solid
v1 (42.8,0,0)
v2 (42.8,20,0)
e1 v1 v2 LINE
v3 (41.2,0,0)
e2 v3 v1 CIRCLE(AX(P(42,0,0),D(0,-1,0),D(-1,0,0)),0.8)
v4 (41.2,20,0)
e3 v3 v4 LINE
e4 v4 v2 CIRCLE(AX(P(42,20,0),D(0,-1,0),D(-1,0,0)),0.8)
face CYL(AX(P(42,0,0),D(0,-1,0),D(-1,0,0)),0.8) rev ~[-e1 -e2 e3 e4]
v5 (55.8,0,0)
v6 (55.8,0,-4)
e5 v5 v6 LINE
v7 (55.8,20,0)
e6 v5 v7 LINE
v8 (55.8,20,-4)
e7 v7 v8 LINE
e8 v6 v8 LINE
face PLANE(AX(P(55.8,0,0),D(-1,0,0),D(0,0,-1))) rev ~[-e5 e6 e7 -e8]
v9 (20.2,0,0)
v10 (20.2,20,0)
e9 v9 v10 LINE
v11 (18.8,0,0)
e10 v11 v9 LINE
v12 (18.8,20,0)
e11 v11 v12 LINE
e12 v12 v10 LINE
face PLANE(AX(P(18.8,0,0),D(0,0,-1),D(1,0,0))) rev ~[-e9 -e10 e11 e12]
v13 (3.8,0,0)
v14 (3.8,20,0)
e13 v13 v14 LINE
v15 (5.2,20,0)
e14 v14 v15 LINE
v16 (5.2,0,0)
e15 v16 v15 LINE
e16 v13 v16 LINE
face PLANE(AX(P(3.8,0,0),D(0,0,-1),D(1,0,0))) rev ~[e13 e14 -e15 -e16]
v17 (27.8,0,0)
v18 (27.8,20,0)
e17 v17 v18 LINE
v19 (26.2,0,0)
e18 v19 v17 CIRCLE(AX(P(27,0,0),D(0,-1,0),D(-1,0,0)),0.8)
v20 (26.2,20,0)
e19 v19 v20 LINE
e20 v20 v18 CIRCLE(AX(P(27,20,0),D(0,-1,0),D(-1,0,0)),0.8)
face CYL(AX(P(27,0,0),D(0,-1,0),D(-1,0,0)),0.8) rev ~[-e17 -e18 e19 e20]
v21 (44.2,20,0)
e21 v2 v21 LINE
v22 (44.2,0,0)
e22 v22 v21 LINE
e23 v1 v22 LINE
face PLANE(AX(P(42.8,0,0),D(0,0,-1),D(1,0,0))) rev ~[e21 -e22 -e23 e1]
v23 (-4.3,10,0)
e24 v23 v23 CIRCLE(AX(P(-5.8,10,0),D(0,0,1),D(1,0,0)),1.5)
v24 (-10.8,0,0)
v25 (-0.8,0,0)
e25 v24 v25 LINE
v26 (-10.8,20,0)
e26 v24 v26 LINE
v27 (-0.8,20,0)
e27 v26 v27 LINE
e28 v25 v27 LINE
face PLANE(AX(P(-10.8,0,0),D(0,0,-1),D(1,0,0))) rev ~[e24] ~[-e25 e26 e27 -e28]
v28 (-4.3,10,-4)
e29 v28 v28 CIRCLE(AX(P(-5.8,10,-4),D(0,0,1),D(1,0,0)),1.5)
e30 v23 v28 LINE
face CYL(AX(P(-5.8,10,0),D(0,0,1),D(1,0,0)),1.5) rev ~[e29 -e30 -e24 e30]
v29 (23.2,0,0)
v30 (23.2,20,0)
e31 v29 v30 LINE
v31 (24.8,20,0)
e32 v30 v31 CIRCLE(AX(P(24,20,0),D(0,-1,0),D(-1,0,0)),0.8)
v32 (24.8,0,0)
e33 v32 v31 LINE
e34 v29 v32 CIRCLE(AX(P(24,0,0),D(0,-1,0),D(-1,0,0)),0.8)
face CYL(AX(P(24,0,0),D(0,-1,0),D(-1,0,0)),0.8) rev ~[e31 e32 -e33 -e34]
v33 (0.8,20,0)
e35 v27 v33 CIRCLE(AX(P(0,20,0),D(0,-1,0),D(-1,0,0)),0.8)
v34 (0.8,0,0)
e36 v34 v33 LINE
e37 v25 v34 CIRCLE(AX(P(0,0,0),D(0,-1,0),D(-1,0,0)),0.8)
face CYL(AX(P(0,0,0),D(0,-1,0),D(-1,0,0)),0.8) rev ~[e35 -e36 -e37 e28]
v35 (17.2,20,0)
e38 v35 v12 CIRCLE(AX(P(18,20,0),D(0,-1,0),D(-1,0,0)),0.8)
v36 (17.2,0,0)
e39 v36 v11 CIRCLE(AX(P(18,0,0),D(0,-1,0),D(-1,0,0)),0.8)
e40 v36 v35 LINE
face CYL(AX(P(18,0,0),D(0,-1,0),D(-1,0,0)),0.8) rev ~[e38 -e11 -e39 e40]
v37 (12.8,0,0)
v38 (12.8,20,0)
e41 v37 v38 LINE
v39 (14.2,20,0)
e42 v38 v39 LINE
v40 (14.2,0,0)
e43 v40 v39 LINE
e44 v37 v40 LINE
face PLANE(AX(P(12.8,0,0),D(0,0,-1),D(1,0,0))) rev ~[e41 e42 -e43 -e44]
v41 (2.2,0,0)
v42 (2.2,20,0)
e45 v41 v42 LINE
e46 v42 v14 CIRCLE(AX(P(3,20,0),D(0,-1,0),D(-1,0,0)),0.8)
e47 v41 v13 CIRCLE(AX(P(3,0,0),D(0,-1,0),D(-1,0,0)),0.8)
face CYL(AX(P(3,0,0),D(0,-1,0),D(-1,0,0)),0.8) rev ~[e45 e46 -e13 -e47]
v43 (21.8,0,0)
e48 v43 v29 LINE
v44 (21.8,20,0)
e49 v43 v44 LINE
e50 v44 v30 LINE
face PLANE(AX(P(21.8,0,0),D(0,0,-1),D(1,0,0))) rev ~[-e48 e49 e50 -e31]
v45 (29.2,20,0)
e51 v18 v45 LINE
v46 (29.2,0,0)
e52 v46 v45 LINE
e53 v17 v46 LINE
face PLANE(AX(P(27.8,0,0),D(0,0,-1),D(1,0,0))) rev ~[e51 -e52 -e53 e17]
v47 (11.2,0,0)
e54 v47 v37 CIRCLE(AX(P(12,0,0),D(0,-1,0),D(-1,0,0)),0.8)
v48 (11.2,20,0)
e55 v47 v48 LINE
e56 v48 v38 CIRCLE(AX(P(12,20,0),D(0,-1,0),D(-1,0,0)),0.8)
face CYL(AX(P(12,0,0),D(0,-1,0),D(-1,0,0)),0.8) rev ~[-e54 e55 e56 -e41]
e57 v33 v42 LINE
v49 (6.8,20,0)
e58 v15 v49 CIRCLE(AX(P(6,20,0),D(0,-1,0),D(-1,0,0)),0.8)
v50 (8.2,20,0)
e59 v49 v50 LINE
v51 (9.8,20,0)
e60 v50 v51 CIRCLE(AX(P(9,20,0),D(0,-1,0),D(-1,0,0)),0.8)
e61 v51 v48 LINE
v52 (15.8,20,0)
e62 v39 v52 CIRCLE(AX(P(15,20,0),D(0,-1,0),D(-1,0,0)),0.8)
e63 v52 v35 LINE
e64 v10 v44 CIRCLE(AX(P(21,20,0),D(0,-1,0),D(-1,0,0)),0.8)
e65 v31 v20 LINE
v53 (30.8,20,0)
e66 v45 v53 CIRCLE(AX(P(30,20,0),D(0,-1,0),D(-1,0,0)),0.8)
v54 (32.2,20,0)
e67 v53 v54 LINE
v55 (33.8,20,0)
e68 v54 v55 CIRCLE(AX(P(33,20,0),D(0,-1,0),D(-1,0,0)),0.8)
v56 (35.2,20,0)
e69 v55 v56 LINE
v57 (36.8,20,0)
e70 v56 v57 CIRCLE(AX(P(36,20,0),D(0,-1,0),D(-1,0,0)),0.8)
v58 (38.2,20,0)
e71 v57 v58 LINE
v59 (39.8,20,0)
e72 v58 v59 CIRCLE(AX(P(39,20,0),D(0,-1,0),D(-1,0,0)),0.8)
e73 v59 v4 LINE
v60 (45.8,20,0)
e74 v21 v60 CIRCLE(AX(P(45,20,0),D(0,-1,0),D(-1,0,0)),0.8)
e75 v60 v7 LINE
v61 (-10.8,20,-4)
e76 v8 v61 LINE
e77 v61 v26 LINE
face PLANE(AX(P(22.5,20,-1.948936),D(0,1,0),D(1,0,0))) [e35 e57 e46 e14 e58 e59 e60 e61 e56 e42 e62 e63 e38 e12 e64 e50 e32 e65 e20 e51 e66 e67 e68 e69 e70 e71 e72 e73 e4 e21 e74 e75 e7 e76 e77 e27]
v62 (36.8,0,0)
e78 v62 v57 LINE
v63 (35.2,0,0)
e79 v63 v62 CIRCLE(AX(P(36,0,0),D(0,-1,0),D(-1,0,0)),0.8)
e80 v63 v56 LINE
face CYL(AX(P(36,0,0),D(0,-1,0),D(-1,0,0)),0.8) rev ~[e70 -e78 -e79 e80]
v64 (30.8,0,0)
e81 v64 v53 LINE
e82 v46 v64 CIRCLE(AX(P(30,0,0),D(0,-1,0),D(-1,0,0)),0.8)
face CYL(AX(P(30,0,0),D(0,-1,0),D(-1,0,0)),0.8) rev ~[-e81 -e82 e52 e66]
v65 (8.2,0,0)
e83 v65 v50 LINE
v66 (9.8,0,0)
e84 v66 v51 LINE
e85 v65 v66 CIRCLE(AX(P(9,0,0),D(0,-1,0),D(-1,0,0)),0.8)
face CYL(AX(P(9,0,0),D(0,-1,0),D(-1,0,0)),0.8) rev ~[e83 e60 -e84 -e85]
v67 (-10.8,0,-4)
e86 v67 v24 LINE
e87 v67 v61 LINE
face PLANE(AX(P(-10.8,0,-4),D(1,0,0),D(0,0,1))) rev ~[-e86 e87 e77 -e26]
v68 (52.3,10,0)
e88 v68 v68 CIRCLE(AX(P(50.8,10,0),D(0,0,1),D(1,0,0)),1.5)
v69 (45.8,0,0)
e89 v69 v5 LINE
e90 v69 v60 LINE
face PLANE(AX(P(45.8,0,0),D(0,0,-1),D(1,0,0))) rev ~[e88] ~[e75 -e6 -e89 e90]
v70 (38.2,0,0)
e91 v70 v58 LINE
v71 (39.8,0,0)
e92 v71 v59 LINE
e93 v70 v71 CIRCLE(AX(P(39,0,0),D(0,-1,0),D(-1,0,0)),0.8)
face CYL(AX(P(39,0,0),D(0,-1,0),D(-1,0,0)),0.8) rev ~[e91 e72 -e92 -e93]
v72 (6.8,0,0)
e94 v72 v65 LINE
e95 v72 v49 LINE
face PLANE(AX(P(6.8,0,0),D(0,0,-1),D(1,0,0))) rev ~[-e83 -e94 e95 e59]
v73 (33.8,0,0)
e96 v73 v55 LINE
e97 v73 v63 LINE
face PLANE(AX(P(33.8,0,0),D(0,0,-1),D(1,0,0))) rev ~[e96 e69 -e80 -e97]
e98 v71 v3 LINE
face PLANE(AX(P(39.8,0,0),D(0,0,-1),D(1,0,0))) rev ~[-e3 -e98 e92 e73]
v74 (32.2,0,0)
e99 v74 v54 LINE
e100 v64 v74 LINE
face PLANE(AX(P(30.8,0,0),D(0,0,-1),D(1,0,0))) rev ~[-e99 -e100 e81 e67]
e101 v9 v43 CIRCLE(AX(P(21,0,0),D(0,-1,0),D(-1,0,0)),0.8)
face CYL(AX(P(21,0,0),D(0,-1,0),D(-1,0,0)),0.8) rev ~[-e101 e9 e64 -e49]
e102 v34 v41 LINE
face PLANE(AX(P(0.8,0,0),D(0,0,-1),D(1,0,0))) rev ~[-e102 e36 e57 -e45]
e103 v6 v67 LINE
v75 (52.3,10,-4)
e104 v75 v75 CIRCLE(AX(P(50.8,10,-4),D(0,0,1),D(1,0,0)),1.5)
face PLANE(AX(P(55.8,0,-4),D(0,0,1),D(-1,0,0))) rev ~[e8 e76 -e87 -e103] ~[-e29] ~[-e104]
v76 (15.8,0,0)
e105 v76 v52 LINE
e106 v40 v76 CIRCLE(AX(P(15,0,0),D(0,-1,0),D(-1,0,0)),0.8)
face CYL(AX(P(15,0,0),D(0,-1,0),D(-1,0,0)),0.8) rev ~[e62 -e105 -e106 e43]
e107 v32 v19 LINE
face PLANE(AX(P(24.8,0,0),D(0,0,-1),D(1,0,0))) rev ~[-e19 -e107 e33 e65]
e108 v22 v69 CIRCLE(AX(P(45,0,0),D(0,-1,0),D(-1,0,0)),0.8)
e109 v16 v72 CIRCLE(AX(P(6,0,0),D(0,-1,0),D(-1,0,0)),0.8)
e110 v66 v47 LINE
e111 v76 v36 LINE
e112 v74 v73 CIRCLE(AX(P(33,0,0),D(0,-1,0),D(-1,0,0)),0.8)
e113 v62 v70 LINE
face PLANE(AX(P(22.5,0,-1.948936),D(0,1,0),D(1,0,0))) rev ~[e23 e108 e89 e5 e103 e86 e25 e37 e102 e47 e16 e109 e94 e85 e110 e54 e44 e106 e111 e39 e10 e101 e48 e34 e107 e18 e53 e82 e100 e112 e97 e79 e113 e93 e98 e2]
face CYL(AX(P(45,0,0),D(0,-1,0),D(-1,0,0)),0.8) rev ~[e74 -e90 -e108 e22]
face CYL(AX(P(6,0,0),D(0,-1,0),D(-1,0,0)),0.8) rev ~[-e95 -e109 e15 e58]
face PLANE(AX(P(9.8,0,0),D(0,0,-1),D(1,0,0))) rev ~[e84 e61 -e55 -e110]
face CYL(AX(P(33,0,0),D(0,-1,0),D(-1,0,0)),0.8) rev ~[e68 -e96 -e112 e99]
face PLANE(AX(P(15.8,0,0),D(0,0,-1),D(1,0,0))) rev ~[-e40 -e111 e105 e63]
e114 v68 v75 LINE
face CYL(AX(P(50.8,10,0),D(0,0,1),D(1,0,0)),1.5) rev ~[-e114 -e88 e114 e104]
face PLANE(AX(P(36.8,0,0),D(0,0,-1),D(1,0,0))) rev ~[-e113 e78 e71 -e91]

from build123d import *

# Parameters (mm, degrees)
EXTRUDE_1_DEPTH     = 20
SKETCH_2_R          = 1.5
CUT_EXTRUDE_1_DEPTH = 10


with BuildPart() as part:
    # 草图1 → 凸台-拉伸1 (new body)
    with BuildSketch(Plane(origin=(0, 0, 0), x_dir=(1, 0, 0), z_dir=(0, 1, 0))):
        with BuildLine():
            Line((-10.8, 0), (-0.8, 0))
            ThreePointArc((-0.8, 0), (0, 0.8), (0.8, 0))
            Line((0.8, 0), (2.2, 0))
            ThreePointArc((2.2, 0), (3, 0.8), (3.8, 0))
            Line((3.8, 0), (5.2, 0))
            ThreePointArc((5.2, 0), (6, 0.8), (6.8, 0))
            Line((6.8, 0), (8.2, 0))
            ThreePointArc((8.2, 0), (9, 0.8), (9.8, 0))
            Line((9.8, 0), (11.2, 0))
            ThreePointArc((11.2, 0), (12, 0.8), (12.8, 0))
            Line((12.8, 0), (14.2, 0))
            ThreePointArc((14.2, 0), (15, 0.8), (15.8, 0))
            Line((15.8, 0), (17.2, 0))
            ThreePointArc((17.2, 0), (18, 0.8), (18.8, 0))
            Line((18.8, 0), (20.2, 0))
            ThreePointArc((20.2, 0), (21, 0.8), (21.8, 0))
            Line((21.8, 0), (23.2, 0))
            ThreePointArc((23.2, 0), (24, 0.8), (24.8, 0))
            Line((24.8, 0), (26.2, 0))
            ThreePointArc((26.2, 0), (27, 0.8), (27.8, 0))
            Line((27.8, 0), (29.2, 0))
            ThreePointArc((29.2, 0), (30, 0.8), (30.8, 0))
            Line((30.8, 0), (32.2, 0))
            ThreePointArc((32.2, 0), (33, 0.8), (33.8, 0))
            Line((33.8, 0), (35.2, 0))
            ThreePointArc((35.2, 0), (36, 0.8), (36.8, 0))
            Line((36.8, 0), (38.2, 0))
            ThreePointArc((38.2, 0), (39, 0.8), (39.8, 0))
            Line((39.8, 0), (41.2, 0))
            ThreePointArc((41.2, 0), (42, 0.8), (42.8, 0))
            Line((42.8, 0), (44.2, 0))
            ThreePointArc((44.2, 0), (45, 0.8), (45.8, 0))
            Line((45.8, 0), (55.8, 0))
            Line((55.8, 0), (55.8, 4))
            Line((55.8, 4), (-10.8, 4))
            Line((-10.8, 4), (-10.8, 0))
        make_face()
    extrude(amount=EXTRUDE_1_DEPTH)

    # 草图2 → 切除-拉伸1 (cut)
    with BuildSketch(Plane.XY):
        with Locations((-5.8, 10)):
            Circle(SKETCH_2_R)
        with Locations((50.8, 10)):
            Circle(SKETCH_2_R)
    extrude(amount=-CUT_EXTRUDE_1_DEPTH, mode=Mode.SUBTRACT)


solid = part.part
